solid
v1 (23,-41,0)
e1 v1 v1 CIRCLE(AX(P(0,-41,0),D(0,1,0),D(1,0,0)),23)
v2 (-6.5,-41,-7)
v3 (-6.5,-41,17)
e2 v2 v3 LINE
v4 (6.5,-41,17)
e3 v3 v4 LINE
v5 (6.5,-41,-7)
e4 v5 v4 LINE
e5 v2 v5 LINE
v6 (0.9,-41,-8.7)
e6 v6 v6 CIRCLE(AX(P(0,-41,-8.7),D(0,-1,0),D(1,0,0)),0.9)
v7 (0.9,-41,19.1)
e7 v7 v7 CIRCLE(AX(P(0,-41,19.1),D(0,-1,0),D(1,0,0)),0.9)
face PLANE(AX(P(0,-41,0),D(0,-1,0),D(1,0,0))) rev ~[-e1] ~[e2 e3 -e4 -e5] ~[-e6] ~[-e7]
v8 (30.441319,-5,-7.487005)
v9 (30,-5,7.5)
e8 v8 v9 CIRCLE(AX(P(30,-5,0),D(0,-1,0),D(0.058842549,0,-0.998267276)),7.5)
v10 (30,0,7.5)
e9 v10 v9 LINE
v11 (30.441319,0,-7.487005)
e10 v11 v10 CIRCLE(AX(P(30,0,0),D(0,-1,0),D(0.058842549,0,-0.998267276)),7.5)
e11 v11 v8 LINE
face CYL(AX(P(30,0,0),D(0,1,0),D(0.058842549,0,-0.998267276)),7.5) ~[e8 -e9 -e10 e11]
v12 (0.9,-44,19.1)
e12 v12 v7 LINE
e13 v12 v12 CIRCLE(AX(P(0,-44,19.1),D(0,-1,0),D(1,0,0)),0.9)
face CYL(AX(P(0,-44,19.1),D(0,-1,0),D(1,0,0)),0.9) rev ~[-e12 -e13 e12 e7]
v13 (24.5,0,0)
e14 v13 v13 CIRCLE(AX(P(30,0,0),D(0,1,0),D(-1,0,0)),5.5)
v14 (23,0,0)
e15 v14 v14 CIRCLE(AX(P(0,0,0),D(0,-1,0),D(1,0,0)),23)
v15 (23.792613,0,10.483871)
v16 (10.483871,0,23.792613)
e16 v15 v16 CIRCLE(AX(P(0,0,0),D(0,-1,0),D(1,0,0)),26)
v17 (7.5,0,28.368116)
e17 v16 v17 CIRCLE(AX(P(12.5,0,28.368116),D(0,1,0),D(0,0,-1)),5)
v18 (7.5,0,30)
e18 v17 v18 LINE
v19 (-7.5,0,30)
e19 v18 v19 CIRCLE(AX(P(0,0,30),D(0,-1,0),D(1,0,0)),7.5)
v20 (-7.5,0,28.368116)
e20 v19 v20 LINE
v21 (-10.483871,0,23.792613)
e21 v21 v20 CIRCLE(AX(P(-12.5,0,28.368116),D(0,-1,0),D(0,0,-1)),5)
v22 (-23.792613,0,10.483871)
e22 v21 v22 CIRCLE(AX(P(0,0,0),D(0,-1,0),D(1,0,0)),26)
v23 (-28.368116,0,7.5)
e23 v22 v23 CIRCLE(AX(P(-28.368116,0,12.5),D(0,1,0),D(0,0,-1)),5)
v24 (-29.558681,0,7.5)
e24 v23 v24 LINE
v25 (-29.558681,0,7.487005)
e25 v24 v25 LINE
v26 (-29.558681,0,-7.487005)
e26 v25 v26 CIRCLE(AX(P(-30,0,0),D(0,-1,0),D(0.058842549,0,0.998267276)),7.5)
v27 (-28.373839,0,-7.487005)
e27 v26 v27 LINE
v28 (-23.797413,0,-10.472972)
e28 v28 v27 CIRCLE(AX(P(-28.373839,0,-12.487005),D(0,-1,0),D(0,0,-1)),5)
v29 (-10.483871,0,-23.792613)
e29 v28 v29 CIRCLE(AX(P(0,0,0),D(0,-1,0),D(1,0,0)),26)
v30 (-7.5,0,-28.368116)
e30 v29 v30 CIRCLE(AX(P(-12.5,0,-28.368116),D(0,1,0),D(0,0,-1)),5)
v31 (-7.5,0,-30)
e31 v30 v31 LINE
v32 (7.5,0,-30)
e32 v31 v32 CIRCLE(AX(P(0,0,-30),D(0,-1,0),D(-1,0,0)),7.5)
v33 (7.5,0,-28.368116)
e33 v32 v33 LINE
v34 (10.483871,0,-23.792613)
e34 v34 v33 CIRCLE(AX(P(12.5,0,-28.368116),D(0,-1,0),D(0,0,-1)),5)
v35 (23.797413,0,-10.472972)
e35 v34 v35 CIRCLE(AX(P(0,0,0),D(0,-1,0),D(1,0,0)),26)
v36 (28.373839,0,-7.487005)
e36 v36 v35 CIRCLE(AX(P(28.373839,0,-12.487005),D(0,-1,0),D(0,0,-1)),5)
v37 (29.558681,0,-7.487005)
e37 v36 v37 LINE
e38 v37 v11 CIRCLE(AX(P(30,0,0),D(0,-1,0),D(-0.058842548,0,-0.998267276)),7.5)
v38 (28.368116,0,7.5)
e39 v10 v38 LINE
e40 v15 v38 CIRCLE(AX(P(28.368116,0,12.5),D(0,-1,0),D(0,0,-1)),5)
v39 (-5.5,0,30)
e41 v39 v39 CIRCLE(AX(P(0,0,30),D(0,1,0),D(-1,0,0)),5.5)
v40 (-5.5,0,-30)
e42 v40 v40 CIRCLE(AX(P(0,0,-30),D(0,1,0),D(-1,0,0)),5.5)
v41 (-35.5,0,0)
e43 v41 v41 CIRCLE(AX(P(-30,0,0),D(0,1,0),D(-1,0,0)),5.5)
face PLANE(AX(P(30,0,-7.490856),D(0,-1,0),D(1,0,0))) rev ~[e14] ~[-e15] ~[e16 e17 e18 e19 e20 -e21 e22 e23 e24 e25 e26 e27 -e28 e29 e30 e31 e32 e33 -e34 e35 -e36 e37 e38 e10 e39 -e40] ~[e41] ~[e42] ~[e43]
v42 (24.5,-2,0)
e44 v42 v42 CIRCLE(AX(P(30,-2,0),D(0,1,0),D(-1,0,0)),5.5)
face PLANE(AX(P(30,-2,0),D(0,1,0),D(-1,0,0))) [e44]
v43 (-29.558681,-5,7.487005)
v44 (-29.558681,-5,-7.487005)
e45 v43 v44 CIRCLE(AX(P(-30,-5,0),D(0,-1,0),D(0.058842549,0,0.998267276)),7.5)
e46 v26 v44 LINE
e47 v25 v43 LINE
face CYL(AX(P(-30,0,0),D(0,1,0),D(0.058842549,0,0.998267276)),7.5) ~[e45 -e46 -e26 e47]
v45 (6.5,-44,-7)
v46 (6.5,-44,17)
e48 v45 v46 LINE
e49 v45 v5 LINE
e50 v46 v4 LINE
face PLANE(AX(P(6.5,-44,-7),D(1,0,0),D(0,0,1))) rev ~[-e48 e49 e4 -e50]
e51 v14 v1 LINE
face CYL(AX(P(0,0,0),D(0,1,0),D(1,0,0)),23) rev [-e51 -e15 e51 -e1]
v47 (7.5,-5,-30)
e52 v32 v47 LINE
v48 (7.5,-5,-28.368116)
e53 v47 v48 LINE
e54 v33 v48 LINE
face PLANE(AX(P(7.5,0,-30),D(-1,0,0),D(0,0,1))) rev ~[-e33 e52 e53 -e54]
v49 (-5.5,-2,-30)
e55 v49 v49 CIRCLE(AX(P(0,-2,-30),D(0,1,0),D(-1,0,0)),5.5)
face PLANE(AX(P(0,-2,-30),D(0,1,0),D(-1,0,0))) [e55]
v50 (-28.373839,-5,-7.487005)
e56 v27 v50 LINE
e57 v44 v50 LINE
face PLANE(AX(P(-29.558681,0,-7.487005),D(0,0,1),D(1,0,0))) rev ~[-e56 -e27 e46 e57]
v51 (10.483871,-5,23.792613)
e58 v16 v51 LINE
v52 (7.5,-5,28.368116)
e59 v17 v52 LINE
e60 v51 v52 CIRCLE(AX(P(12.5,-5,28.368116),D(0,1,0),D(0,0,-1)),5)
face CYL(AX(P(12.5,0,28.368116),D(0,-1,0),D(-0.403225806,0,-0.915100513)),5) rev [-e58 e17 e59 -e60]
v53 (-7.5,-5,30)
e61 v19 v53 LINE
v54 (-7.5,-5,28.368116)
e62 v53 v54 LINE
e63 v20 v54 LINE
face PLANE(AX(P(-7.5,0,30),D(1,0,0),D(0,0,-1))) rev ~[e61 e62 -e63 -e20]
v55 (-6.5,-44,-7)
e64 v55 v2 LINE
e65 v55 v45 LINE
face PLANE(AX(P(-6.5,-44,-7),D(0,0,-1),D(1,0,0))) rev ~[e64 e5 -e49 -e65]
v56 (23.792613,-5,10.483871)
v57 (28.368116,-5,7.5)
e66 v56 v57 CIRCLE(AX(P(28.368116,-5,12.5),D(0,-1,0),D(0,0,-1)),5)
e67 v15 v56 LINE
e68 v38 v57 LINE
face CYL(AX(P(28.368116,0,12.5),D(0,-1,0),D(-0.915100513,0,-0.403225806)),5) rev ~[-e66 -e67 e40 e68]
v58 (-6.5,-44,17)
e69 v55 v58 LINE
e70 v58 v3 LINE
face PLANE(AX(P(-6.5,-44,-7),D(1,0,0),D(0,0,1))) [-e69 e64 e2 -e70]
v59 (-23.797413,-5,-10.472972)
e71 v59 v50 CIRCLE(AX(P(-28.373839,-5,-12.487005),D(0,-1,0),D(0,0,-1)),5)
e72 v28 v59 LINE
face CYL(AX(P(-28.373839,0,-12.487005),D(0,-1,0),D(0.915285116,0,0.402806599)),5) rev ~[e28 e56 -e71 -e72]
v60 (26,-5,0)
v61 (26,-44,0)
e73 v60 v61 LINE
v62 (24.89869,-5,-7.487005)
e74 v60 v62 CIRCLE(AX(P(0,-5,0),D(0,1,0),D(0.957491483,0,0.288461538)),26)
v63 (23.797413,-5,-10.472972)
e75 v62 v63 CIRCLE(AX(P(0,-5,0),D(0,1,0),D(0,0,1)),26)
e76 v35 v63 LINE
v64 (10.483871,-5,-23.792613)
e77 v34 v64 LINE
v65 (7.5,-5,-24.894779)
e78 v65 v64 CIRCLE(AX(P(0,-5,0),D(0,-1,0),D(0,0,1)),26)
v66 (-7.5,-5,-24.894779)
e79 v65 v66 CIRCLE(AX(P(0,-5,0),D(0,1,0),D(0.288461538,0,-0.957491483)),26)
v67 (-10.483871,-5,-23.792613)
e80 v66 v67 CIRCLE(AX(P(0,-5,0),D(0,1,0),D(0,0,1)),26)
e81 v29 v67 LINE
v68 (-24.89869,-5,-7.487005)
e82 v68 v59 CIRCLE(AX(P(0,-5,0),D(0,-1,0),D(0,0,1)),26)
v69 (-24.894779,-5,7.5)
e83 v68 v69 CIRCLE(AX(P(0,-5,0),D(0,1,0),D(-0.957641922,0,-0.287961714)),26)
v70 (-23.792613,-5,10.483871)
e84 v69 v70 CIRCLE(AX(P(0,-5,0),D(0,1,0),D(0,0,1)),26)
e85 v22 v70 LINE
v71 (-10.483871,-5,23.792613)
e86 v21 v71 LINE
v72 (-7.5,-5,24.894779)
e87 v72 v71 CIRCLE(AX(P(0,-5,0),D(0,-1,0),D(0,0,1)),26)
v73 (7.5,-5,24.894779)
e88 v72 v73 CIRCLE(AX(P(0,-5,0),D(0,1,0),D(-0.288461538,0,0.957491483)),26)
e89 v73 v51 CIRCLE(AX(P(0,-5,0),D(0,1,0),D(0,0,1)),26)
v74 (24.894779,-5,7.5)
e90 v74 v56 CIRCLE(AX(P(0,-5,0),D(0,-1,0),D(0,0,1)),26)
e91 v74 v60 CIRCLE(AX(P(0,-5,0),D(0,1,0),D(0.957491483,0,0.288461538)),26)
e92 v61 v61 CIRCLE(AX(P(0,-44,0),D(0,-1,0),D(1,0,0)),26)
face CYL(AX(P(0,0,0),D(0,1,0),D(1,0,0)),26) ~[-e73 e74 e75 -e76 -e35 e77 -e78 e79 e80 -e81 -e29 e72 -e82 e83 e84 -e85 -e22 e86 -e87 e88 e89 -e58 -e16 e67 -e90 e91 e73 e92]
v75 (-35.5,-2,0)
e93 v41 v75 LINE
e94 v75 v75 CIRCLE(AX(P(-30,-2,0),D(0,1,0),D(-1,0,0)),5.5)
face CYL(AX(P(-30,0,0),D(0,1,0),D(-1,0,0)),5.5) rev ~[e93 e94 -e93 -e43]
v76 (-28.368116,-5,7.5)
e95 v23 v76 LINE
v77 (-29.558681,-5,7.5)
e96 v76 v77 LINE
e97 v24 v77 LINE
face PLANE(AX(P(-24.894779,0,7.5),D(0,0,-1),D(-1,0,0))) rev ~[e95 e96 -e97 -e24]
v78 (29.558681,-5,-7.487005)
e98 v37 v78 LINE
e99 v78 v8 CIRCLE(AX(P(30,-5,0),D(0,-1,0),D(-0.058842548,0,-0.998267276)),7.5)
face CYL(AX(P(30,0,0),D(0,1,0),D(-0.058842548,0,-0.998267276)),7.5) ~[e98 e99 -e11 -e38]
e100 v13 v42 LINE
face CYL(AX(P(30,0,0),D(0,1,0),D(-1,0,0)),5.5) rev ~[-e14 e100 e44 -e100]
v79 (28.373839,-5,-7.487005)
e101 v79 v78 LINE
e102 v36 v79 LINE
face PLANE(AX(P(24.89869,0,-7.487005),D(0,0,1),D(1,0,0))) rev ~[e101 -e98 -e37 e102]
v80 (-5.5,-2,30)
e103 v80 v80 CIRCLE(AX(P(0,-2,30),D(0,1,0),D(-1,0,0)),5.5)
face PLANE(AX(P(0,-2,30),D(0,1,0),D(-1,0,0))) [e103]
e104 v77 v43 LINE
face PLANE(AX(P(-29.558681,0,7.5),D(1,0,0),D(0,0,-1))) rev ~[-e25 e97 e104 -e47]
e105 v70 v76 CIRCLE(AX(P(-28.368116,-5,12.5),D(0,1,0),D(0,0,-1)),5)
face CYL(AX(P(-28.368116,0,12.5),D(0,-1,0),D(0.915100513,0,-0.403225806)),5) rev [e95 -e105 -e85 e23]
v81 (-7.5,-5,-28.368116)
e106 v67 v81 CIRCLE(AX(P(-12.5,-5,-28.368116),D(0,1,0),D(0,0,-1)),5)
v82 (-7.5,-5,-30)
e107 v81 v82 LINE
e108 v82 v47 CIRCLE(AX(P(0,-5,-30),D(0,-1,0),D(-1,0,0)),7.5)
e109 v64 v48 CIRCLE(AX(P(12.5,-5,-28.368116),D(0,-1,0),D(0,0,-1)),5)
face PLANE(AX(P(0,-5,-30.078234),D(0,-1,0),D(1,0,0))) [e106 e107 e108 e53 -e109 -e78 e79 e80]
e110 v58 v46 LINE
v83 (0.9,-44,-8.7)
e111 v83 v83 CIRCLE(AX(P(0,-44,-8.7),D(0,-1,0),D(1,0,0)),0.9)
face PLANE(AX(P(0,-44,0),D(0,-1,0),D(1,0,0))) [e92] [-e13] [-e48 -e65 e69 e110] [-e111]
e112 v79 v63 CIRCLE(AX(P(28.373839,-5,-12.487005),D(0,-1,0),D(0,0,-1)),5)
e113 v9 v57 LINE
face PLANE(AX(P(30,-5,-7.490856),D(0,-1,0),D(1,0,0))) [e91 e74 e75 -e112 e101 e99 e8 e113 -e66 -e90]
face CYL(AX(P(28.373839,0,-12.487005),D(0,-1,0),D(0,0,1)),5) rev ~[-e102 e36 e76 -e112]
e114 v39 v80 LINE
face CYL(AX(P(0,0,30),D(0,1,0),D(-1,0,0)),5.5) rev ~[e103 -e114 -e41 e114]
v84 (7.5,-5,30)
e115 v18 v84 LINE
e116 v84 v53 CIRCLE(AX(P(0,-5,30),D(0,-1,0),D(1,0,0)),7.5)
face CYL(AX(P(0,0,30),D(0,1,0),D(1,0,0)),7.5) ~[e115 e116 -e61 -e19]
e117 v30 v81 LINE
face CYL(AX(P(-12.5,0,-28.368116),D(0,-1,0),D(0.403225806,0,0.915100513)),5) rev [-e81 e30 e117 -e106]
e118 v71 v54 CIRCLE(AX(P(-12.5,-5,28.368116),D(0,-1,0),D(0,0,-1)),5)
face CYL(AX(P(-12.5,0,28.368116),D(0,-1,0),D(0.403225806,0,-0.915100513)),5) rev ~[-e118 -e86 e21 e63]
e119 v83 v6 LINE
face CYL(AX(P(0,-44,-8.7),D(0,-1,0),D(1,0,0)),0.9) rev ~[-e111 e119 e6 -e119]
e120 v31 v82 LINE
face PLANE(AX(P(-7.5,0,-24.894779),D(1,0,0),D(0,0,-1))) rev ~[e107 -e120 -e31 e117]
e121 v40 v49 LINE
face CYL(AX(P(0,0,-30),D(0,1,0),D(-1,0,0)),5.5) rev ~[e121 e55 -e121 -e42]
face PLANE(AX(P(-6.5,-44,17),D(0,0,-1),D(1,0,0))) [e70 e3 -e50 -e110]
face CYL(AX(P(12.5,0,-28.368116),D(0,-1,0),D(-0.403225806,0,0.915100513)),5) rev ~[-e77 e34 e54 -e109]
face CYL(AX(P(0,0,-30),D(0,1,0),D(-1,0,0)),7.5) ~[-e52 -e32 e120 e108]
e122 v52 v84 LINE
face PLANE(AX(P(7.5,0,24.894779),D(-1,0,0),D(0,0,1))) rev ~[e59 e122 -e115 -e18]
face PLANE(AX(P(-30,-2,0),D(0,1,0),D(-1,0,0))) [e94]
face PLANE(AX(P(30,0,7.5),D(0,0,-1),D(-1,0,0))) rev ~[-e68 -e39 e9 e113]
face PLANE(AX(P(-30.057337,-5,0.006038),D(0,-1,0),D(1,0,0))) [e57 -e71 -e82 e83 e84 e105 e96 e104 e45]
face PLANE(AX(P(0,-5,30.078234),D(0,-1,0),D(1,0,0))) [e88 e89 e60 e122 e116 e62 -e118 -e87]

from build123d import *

# Parameters (mm, degrees)
F0_R      = 26
F1_DEPTH  = 44
F2_T      = -3
F4_DEPTH  = 5
F5_W      = 13
F5_H      = 24
F6_DEPTH  = 25
F7_R      = 0.9
F8_DEPTH  = 44.001
F9_R      = 5.5
F10_DEPTH = 2
F11_R     = 5


with BuildPart() as f1:
    # F0 (on Front) → F1 (new body)
    with BuildSketch(Plane.XZ):
        Circle(F0_R)
    extrude(amount=F1_DEPTH)

    # F2
    f2_openings = [f1.faces().sort_by_distance(p)[0] for p in [
        (0, 0, 0),
    ]]
    offset(amount=F2_T, openings=f2_openings)

    # F3 (on Front) → F4 (join)
    with BuildSketch(Plane.XZ):
        with BuildLine():
            ThreePointArc((-24.8986899768, -7.4870045706), (-25.9999991145, 0.0067856521), (-24.894778569, 7.5))
            Line((-24.894778569, 7.5), (-29.5586808862, 7.5))
            Line((-29.5586808862, 7.5), (-29.5586808862, 7.4870045706))
            ThreePointArc((-29.5586808862, 7.4870045706), (-37.5, 0), (-29.5586808862, -7.4870045706))
            Line((-29.5586808862, -7.4870045706), (-24.8986899768, -7.4870045706))
        make_face()
        with BuildLine():
            Line((7.5, 24.894778569), (7.5, 30))
            ThreePointArc((7.5, 30), (0, 37.5), (-7.5, 30))
            Line((-7.5, 30), (-7.5, 24.894778569))
            ThreePointArc((-7.5, 24.894778569), (0, 26), (7.5, 24.894778569))
        make_face()
        with BuildLine():
            Line((-7.5, -24.894778569), (-7.5, -30))
            ThreePointArc((-7.5, -30), (0, -37.5), (7.5, -30))
            Line((7.5, -30), (7.5, -24.894778569))
            ThreePointArc((7.5, -24.894778569), (0, -26), (-7.5, -24.894778569))
        make_face()
        with BuildLine():
            Line((30.4413191138, -7.4870045706), (29.5586808862, -7.4870045706))
            ThreePointArc((29.5586808862, -7.4870045706), (30, -7.5), (30.4413191138, -7.4870045706))
        make_face()
        with BuildLine():
            Line((24.8986899768, -7.4870045706), (29.5586808862, -7.4870045706))
            Line((29.5586808862, -7.4870045706), (30.4413191138, -7.4870045706))
            ThreePointArc((30.4413191138, -7.4870045706), (37.4967504387, 0.2207552046), (30, 7.5))
            Line((30, 7.5), (24.894778569, 7.5))
            ThreePointArc((24.894778569, 7.5), (25.9999991145, 0.0067856521), (24.8986899768, -7.4870045706))
        make_face()
    extrude(amount=F4_DEPTH)

    # F5 (on face) → F6 (cut)
    with BuildSketch(Plane.XZ.offset(44)):
        with Locations((0, 5)):
            Rectangle(F5_W, F5_H)
    extrude(amount=-F6_DEPTH, mode=Mode.SUBTRACT)

    # F7 (on face) → F8 (cut, through all)
    with BuildSketch(Plane.XZ.offset(44)):
        with Locations((0, -8.7)):
            Circle(F7_R)
        with Locations((0, 19.1)):
            Circle(F7_R)
    extrude(amount=-F8_DEPTH, mode=Mode.SUBTRACT)

    # F9 (on face) → F10 (cut)
    with BuildSketch(Plane(origin=(0, 0, 0), x_dir=(-1, 0, 0), z_dir=(0, 1, 0))):
        with Locations((-30, 0)):
            Circle(F9_R)
        with Locations((0, 30)):
            Circle(F9_R)
        with Locations((30, 0)):
            Circle(F9_R)
        with Locations((0, -30)):
            Circle(F9_R)
    extrude(amount=-F10_DEPTH, mode=Mode.SUBTRACT)

    # F11
    f11_edges = [f1.edges().sort_by_distance(p)[0] for p in [
        (24.89869, -2.5, -7.487005),
        (7.5, -2.5, -24.894779),
        (-7.5, -2.5, -24.894779),
        (-24.89869, -2.5, -7.487005),
        (-24.894779, -2.5, 7.5),
        (-7.5, -2.5, 24.894779),
        (7.5, -2.5, 24.894779),
        (24.894779, -2.5, 7.5),
    ]]
    fillet(f11_edges, radius=F11_R)


solid = f1.part
